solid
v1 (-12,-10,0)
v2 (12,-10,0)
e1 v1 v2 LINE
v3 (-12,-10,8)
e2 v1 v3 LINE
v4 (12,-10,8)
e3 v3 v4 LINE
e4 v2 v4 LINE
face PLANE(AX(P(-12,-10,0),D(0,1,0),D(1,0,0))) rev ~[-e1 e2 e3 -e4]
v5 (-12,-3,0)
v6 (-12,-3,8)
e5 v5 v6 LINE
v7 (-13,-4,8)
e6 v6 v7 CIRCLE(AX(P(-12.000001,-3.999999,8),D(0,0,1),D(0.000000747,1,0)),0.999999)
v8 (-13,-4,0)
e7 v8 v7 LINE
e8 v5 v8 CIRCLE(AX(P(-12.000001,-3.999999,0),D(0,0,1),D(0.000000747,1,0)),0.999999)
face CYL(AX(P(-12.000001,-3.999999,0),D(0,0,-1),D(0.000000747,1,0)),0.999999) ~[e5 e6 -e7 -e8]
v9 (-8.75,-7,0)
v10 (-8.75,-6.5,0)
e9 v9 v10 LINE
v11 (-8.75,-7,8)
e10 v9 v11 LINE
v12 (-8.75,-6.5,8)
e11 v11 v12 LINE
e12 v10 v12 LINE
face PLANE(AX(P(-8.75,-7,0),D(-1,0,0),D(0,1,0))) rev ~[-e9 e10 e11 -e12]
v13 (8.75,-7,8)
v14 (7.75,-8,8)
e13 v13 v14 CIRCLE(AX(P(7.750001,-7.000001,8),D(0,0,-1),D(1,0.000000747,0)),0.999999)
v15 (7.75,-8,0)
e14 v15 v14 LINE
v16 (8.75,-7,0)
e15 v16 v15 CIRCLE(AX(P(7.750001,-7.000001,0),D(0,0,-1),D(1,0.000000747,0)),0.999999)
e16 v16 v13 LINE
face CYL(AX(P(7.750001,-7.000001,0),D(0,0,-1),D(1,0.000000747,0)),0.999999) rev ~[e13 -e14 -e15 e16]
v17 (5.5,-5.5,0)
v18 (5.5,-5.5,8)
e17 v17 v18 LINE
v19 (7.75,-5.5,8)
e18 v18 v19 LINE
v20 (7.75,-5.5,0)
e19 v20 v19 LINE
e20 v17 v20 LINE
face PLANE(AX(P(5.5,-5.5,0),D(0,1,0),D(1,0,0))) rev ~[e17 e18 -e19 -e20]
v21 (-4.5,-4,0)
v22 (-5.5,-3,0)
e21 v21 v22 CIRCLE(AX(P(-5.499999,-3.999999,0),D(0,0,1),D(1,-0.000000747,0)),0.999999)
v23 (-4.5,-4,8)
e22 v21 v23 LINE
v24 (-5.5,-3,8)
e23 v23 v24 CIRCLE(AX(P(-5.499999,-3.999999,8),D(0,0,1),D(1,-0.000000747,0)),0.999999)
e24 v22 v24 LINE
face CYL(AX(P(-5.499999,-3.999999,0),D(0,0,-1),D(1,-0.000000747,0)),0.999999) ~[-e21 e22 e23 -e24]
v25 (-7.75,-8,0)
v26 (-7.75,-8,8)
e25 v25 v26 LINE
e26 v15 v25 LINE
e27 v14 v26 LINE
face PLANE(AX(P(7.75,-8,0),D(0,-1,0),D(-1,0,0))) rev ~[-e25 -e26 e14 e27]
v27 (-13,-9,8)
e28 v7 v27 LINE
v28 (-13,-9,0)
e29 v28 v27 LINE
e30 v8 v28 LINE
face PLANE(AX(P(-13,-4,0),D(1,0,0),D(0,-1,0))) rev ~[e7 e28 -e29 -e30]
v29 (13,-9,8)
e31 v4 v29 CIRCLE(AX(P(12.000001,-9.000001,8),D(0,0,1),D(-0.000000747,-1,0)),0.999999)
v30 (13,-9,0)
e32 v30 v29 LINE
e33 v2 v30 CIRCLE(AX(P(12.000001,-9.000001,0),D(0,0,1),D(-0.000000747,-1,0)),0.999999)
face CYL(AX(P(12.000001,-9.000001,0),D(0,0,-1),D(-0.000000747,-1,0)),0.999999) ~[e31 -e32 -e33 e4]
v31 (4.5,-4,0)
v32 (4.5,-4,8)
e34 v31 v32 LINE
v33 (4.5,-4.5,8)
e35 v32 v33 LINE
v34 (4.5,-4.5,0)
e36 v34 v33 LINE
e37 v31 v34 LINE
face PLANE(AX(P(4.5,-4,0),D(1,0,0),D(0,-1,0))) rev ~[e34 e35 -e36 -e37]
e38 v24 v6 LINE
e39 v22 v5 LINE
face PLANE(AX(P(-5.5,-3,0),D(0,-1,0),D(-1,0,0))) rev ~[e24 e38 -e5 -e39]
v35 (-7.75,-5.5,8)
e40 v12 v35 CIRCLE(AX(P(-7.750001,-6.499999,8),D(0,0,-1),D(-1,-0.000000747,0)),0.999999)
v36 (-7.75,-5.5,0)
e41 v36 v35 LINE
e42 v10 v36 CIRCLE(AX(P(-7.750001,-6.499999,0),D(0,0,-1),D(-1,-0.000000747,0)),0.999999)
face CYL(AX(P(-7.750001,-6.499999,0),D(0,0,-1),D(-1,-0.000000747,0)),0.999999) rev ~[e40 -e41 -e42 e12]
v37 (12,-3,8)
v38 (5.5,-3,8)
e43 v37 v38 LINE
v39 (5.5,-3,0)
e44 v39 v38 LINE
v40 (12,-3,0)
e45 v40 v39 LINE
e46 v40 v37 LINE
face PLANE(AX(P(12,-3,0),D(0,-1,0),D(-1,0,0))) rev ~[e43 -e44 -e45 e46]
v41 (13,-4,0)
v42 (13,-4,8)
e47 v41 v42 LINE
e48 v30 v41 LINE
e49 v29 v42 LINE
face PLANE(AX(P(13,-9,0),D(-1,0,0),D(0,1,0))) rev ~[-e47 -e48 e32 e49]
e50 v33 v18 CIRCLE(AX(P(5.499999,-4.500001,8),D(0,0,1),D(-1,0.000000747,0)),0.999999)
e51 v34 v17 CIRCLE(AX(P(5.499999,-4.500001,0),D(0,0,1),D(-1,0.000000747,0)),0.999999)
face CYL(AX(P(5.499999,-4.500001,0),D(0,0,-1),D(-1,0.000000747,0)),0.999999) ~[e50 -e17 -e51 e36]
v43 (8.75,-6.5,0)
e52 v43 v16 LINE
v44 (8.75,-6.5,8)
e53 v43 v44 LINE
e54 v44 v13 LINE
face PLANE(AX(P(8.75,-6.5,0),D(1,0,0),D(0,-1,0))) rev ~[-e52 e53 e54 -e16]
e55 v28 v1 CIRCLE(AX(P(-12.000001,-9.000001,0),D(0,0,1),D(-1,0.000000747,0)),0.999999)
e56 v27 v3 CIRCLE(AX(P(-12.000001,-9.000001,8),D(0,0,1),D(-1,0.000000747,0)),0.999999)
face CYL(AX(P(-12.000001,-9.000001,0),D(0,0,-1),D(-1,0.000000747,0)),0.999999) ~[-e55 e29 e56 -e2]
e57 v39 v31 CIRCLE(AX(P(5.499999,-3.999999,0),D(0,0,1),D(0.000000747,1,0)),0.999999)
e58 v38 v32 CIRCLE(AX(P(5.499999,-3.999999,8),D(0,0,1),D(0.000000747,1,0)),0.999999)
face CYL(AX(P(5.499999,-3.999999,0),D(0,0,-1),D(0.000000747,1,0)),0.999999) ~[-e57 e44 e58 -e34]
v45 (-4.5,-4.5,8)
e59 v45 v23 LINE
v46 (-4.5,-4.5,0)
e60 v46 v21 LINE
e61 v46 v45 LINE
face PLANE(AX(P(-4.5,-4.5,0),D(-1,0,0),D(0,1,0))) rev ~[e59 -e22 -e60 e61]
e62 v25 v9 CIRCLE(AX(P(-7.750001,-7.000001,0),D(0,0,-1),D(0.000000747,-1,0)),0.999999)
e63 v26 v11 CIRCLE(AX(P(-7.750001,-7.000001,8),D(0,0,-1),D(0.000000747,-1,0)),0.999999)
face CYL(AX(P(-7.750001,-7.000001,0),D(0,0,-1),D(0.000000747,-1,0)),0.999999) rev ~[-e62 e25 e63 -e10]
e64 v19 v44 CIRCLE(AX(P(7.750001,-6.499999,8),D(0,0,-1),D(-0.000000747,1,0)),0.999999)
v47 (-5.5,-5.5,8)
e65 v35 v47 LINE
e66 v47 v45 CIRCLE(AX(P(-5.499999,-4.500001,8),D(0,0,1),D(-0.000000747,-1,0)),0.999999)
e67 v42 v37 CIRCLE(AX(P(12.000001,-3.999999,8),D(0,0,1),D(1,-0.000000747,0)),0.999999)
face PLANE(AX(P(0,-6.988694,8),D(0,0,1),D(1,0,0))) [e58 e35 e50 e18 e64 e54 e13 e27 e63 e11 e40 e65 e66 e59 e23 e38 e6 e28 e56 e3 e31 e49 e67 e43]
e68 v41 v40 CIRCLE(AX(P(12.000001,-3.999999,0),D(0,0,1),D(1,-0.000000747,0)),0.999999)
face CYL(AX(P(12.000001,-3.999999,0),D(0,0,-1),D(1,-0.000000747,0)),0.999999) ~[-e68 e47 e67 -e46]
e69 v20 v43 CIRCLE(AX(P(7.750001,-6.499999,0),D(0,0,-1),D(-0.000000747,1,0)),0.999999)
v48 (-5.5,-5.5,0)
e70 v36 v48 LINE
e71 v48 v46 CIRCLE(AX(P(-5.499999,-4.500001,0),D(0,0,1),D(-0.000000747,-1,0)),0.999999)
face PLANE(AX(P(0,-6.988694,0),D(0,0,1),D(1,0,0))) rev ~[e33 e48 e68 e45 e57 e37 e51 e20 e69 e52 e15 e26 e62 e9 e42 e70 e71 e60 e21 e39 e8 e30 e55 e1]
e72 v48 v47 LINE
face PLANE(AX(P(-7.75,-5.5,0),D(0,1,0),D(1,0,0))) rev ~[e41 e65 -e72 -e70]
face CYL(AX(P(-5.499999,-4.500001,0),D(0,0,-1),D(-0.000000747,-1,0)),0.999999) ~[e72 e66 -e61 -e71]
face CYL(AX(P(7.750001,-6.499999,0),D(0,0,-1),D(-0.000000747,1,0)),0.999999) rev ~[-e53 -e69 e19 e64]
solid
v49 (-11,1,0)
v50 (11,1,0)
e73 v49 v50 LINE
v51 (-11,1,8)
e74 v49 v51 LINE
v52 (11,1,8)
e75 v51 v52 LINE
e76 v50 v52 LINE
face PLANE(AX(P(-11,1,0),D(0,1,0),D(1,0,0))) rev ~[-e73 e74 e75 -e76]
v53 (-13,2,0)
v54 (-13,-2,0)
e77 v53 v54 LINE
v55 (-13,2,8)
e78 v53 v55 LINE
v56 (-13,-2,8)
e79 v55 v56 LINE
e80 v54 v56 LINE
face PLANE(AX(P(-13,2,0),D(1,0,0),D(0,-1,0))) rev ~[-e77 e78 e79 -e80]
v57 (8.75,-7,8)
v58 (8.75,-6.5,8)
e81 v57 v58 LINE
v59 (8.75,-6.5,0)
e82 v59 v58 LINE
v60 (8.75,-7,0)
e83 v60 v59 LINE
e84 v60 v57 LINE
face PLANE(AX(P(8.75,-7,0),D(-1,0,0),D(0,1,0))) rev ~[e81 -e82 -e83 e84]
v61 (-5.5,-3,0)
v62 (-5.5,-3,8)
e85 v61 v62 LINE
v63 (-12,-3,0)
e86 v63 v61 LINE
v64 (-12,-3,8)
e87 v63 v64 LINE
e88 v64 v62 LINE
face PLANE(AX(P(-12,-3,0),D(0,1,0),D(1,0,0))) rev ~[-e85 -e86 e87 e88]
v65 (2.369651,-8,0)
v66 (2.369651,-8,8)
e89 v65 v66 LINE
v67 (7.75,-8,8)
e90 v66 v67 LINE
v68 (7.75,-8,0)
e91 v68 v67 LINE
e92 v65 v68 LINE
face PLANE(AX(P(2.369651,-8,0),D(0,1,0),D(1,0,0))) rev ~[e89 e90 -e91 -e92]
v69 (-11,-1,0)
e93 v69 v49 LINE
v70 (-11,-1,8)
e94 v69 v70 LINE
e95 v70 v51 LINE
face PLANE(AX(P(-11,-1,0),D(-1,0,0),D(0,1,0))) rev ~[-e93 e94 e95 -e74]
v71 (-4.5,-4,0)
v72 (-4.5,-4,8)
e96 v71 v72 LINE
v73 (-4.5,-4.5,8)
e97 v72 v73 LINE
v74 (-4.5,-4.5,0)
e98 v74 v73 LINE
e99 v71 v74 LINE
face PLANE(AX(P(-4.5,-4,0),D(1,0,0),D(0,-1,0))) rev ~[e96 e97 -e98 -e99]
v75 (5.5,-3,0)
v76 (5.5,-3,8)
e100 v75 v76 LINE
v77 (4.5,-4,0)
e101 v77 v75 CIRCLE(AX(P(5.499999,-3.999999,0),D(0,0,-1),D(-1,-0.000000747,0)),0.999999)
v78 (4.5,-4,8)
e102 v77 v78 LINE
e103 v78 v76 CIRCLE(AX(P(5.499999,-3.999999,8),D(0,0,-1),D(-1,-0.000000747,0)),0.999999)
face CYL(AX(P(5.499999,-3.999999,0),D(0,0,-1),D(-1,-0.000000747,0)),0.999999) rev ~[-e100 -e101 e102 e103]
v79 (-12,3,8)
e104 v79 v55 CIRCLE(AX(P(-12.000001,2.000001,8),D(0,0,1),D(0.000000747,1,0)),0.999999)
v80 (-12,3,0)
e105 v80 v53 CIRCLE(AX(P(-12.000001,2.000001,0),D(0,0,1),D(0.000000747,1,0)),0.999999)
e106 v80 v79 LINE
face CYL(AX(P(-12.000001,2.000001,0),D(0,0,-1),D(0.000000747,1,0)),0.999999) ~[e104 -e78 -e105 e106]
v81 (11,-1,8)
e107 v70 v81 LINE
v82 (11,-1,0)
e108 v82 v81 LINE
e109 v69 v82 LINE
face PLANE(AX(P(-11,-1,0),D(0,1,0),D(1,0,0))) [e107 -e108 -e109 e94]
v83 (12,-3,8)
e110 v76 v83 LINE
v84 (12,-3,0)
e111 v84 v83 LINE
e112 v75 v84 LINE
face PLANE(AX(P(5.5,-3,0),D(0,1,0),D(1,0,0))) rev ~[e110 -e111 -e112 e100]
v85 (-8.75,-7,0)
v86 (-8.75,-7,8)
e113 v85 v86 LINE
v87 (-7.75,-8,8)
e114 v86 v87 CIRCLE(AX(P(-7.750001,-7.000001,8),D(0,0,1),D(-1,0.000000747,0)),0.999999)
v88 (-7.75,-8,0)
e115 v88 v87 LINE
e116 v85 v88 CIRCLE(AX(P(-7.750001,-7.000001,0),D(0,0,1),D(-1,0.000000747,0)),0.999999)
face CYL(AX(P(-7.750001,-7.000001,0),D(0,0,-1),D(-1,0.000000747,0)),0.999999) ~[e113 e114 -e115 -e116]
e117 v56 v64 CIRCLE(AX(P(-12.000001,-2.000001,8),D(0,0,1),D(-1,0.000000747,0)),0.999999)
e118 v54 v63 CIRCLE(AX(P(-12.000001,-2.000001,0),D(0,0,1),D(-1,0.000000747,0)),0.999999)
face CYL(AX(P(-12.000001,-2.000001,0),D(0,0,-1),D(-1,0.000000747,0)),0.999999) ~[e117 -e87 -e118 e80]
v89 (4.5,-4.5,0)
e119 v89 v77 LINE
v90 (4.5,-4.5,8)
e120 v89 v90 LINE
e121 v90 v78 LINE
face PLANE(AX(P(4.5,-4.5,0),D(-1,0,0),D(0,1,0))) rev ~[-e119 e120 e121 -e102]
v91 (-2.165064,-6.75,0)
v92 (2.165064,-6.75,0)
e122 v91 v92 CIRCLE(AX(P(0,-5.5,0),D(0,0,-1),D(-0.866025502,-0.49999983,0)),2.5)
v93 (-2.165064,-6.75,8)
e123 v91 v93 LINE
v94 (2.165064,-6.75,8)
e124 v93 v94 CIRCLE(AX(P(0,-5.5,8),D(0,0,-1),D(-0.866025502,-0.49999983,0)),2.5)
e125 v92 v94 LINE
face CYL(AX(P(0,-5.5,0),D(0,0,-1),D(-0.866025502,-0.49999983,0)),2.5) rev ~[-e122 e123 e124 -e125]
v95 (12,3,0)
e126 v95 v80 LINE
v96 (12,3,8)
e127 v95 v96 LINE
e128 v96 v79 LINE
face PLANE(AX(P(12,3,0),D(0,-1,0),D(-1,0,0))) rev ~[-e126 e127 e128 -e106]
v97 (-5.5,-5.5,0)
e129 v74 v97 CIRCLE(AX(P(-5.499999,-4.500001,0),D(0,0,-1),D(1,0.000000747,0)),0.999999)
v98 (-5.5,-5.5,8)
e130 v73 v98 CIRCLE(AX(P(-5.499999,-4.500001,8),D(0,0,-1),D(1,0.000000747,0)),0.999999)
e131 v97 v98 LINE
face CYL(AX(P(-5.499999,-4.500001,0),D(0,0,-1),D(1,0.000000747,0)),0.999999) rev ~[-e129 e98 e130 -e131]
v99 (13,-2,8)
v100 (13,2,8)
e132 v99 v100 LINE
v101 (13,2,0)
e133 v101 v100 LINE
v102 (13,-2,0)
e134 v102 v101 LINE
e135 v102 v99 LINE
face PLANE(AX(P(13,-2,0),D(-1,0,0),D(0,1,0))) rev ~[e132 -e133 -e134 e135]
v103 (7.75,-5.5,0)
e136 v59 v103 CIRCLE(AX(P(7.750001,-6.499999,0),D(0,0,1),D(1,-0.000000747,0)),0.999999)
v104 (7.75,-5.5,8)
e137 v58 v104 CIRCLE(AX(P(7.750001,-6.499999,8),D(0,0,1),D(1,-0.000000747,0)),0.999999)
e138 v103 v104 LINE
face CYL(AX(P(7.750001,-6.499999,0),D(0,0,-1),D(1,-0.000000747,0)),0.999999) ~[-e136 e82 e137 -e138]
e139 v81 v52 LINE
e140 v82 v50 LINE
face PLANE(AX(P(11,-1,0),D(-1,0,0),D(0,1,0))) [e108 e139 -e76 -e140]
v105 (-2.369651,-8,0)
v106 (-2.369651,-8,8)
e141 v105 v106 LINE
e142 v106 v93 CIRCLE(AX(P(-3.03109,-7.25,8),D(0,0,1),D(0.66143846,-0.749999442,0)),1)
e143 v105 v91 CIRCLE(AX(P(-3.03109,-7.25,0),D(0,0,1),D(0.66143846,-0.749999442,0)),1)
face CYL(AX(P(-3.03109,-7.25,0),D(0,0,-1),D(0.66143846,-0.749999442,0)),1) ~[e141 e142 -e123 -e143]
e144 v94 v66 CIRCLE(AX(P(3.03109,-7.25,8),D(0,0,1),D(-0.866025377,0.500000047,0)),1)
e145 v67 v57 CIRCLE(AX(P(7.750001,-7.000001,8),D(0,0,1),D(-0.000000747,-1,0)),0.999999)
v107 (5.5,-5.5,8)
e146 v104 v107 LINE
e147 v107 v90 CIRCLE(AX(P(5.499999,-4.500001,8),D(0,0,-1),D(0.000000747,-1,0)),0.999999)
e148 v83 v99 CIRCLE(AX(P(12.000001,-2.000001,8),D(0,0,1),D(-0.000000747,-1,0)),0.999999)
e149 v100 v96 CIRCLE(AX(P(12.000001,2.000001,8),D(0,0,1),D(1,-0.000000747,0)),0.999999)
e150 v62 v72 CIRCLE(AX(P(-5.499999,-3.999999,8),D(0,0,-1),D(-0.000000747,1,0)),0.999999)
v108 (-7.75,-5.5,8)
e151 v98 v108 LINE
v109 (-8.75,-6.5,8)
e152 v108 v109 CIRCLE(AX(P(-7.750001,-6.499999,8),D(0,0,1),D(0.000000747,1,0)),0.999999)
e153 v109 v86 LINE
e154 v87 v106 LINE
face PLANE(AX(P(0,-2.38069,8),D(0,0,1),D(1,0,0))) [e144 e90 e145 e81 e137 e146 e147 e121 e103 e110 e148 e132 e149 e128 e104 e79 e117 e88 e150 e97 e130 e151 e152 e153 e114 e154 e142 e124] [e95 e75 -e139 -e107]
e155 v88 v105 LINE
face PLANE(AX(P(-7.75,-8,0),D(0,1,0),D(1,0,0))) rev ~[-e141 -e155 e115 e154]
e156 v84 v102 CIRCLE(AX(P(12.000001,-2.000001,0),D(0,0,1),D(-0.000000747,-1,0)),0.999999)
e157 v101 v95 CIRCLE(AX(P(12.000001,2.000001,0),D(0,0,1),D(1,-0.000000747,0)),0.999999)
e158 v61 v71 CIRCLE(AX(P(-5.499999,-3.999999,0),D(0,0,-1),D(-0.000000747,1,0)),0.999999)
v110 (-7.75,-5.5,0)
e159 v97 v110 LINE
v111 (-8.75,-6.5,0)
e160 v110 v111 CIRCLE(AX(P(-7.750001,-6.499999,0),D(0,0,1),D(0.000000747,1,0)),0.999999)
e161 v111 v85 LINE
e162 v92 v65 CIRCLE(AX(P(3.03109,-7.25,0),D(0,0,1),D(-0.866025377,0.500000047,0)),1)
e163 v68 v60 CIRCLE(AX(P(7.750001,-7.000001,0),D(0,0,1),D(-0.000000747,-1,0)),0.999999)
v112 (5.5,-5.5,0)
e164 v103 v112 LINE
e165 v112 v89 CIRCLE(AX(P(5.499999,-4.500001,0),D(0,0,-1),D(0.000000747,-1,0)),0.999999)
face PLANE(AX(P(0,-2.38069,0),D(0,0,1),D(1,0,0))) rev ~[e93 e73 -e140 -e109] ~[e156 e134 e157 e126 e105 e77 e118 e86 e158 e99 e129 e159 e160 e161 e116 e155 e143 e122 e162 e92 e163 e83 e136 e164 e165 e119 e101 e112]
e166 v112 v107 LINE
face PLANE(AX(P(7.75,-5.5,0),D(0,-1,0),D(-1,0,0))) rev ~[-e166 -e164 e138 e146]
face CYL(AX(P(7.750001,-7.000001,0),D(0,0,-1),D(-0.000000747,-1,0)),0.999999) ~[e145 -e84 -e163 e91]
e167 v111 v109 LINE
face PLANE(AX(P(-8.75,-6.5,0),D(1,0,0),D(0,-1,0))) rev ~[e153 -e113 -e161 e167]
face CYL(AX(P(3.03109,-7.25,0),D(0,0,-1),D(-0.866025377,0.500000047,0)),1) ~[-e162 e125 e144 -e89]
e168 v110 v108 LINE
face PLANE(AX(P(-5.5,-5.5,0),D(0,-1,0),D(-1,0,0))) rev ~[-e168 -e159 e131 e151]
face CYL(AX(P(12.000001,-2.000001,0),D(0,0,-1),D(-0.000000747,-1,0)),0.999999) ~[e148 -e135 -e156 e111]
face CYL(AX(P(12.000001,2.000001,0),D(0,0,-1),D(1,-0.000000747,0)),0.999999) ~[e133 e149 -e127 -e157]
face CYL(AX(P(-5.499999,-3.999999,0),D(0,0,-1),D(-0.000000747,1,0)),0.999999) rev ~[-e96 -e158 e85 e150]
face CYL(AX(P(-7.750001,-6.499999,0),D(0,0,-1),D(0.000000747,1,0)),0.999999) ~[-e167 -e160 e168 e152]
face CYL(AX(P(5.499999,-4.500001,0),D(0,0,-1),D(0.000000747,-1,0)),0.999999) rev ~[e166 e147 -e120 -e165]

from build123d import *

# Parameters (mm, degrees)
F0_W     = 22
F0_H     = 2
F1_DEPTH = 8
F3_DEPTH = 8


with BuildPart() as f1:
    # F0 (on Top) → F1 (new body)
    with BuildSketch(Plane.XY):
        with BuildLine():
            ThreePointArc((13, 2), (12.707107, 2.707107), (12, 3))
            Line((12, 3), (-12, 3))
            ThreePointArc((-12, 3), (-12.707107, 2.707107), (-13, 2))
            Line((-13, 2), (-13, -2))
            ThreePointArc((-13, -2), (-12.707107, -2.707107), (-12, -3))
            Line((-12, -3), (-5.5, -3))
            ThreePointArc((-5.5, -3), (-4.792893, -3.292893), (-4.5, -4))
            Line((-4.5, -4), (-4.5, -4.5))
            ThreePointArc((-4.5, -4.5), (-4.792893, -5.207107), (-5.5, -5.5))
            Line((-5.5, -5.5), (-7.75, -5.5))
            ThreePointArc((-7.75, -5.5), (-8.457107, -5.792893), (-8.75, -6.5))
            Line((-8.75, -6.5), (-8.75, -7))
            ThreePointArc((-8.75, -7), (-8.457107, -7.707107), (-7.75, -8))
            Line((-7.75, -8), (-2.369651, -8))
            ThreePointArc((-2.369651, -8), (-2.04422, -7.411521), (-2.165064, -6.75))
            ThreePointArc((-2.165064, -6.75), (0, -3), (2.165064, -6.75))
            ThreePointArc((2.165064, -6.75), (2.04422, -7.411521), (2.369651, -8))
            Line((2.369651, -8), (7.75, -8))
            ThreePointArc((7.75, -8), (8.457107, -7.707107), (8.75, -7))
            Line((8.75, -7), (8.75, -6.5))
            ThreePointArc((8.75, -6.5), (8.457107, -5.792893), (7.75, -5.5))
            Line((7.75, -5.5), (5.5, -5.5))
            ThreePointArc((5.5, -5.5), (4.792893, -5.207107), (4.5, -4.5))
            Line((4.5, -4.5), (4.5, -4))
            ThreePointArc((4.5, -4), (4.792893, -3.292893), (5.5, -3))
            Line((5.5, -3), (12, -3))
            ThreePointArc((12, -3), (12.707107, -2.707107), (13, -2))
            Line((13, -2), (13, 2))
        make_face()
        Rectangle(F0_W, F0_H, mode=Mode.SUBTRACT)
    extrude(amount=F1_DEPTH)


with BuildPart() as f3:
    # F2 (on Top) → F3 (new body)
    with BuildSketch(Plane.XY):
        with BuildLine():
            Line((7.75, -8), (2.369651, -8))
            Line((2.369651, -8), (-2.369651, -8))
            Line((-2.369651, -8), (-7.75, -8))
            ThreePointArc((-7.75, -8), (-8.457107, -7.707107), (-8.75, -7))
            Line((-8.75, -7), (-8.75, -6.5))
            ThreePointArc((-8.75, -6.5), (-8.457107, -5.792893), (-7.75, -5.5))
            Line((-7.75, -5.5), (-5.5, -5.5))
            ThreePointArc((-5.5, -5.5), (-4.792893, -5.207107), (-4.5, -4.5))
            Line((-4.5, -4.5), (-4.5, -4))
            ThreePointArc((-4.5, -4), (-4.792893, -3.292893), (-5.5, -3))
            Line((-5.5, -3), (-12, -3))
            ThreePointArc((-12, -3), (-12.707107, -3.292893), (-13, -4))
            Line((-13, -4), (-13, -9))
            ThreePointArc((-13, -9), (-12.707107, -9.707107), (-12, -10))
            Line((-12, -10), (12, -10))
            ThreePointArc((12, -10), (12.707107, -9.707107), (13, -9))
            Line((13, -9), (13, -4))
            ThreePointArc((13, -4), (12.707107, -3.292893), (12, -3))
            Line((12, -3), (5.5, -3))
            ThreePointArc((5.5, -3), (4.792893, -3.292893), (4.5, -4))
            Line((4.5, -4), (4.5, -4.5))
            ThreePointArc((4.5, -4.5), (4.792893, -5.207107), (5.5, -5.5))
            Line((5.5, -5.5), (7.75, -5.5))
            ThreePointArc((7.75, -5.5), (8.457107, -5.792893), (8.75, -6.5))
            Line((8.75, -6.5), (8.75, -7))
            ThreePointArc((8.75, -7), (8.457107, -7.707107), (7.75, -8))
        make_face()
    extrude(amount=F3_DEPTH)


solid = Compound([f1.part, f3.part])
